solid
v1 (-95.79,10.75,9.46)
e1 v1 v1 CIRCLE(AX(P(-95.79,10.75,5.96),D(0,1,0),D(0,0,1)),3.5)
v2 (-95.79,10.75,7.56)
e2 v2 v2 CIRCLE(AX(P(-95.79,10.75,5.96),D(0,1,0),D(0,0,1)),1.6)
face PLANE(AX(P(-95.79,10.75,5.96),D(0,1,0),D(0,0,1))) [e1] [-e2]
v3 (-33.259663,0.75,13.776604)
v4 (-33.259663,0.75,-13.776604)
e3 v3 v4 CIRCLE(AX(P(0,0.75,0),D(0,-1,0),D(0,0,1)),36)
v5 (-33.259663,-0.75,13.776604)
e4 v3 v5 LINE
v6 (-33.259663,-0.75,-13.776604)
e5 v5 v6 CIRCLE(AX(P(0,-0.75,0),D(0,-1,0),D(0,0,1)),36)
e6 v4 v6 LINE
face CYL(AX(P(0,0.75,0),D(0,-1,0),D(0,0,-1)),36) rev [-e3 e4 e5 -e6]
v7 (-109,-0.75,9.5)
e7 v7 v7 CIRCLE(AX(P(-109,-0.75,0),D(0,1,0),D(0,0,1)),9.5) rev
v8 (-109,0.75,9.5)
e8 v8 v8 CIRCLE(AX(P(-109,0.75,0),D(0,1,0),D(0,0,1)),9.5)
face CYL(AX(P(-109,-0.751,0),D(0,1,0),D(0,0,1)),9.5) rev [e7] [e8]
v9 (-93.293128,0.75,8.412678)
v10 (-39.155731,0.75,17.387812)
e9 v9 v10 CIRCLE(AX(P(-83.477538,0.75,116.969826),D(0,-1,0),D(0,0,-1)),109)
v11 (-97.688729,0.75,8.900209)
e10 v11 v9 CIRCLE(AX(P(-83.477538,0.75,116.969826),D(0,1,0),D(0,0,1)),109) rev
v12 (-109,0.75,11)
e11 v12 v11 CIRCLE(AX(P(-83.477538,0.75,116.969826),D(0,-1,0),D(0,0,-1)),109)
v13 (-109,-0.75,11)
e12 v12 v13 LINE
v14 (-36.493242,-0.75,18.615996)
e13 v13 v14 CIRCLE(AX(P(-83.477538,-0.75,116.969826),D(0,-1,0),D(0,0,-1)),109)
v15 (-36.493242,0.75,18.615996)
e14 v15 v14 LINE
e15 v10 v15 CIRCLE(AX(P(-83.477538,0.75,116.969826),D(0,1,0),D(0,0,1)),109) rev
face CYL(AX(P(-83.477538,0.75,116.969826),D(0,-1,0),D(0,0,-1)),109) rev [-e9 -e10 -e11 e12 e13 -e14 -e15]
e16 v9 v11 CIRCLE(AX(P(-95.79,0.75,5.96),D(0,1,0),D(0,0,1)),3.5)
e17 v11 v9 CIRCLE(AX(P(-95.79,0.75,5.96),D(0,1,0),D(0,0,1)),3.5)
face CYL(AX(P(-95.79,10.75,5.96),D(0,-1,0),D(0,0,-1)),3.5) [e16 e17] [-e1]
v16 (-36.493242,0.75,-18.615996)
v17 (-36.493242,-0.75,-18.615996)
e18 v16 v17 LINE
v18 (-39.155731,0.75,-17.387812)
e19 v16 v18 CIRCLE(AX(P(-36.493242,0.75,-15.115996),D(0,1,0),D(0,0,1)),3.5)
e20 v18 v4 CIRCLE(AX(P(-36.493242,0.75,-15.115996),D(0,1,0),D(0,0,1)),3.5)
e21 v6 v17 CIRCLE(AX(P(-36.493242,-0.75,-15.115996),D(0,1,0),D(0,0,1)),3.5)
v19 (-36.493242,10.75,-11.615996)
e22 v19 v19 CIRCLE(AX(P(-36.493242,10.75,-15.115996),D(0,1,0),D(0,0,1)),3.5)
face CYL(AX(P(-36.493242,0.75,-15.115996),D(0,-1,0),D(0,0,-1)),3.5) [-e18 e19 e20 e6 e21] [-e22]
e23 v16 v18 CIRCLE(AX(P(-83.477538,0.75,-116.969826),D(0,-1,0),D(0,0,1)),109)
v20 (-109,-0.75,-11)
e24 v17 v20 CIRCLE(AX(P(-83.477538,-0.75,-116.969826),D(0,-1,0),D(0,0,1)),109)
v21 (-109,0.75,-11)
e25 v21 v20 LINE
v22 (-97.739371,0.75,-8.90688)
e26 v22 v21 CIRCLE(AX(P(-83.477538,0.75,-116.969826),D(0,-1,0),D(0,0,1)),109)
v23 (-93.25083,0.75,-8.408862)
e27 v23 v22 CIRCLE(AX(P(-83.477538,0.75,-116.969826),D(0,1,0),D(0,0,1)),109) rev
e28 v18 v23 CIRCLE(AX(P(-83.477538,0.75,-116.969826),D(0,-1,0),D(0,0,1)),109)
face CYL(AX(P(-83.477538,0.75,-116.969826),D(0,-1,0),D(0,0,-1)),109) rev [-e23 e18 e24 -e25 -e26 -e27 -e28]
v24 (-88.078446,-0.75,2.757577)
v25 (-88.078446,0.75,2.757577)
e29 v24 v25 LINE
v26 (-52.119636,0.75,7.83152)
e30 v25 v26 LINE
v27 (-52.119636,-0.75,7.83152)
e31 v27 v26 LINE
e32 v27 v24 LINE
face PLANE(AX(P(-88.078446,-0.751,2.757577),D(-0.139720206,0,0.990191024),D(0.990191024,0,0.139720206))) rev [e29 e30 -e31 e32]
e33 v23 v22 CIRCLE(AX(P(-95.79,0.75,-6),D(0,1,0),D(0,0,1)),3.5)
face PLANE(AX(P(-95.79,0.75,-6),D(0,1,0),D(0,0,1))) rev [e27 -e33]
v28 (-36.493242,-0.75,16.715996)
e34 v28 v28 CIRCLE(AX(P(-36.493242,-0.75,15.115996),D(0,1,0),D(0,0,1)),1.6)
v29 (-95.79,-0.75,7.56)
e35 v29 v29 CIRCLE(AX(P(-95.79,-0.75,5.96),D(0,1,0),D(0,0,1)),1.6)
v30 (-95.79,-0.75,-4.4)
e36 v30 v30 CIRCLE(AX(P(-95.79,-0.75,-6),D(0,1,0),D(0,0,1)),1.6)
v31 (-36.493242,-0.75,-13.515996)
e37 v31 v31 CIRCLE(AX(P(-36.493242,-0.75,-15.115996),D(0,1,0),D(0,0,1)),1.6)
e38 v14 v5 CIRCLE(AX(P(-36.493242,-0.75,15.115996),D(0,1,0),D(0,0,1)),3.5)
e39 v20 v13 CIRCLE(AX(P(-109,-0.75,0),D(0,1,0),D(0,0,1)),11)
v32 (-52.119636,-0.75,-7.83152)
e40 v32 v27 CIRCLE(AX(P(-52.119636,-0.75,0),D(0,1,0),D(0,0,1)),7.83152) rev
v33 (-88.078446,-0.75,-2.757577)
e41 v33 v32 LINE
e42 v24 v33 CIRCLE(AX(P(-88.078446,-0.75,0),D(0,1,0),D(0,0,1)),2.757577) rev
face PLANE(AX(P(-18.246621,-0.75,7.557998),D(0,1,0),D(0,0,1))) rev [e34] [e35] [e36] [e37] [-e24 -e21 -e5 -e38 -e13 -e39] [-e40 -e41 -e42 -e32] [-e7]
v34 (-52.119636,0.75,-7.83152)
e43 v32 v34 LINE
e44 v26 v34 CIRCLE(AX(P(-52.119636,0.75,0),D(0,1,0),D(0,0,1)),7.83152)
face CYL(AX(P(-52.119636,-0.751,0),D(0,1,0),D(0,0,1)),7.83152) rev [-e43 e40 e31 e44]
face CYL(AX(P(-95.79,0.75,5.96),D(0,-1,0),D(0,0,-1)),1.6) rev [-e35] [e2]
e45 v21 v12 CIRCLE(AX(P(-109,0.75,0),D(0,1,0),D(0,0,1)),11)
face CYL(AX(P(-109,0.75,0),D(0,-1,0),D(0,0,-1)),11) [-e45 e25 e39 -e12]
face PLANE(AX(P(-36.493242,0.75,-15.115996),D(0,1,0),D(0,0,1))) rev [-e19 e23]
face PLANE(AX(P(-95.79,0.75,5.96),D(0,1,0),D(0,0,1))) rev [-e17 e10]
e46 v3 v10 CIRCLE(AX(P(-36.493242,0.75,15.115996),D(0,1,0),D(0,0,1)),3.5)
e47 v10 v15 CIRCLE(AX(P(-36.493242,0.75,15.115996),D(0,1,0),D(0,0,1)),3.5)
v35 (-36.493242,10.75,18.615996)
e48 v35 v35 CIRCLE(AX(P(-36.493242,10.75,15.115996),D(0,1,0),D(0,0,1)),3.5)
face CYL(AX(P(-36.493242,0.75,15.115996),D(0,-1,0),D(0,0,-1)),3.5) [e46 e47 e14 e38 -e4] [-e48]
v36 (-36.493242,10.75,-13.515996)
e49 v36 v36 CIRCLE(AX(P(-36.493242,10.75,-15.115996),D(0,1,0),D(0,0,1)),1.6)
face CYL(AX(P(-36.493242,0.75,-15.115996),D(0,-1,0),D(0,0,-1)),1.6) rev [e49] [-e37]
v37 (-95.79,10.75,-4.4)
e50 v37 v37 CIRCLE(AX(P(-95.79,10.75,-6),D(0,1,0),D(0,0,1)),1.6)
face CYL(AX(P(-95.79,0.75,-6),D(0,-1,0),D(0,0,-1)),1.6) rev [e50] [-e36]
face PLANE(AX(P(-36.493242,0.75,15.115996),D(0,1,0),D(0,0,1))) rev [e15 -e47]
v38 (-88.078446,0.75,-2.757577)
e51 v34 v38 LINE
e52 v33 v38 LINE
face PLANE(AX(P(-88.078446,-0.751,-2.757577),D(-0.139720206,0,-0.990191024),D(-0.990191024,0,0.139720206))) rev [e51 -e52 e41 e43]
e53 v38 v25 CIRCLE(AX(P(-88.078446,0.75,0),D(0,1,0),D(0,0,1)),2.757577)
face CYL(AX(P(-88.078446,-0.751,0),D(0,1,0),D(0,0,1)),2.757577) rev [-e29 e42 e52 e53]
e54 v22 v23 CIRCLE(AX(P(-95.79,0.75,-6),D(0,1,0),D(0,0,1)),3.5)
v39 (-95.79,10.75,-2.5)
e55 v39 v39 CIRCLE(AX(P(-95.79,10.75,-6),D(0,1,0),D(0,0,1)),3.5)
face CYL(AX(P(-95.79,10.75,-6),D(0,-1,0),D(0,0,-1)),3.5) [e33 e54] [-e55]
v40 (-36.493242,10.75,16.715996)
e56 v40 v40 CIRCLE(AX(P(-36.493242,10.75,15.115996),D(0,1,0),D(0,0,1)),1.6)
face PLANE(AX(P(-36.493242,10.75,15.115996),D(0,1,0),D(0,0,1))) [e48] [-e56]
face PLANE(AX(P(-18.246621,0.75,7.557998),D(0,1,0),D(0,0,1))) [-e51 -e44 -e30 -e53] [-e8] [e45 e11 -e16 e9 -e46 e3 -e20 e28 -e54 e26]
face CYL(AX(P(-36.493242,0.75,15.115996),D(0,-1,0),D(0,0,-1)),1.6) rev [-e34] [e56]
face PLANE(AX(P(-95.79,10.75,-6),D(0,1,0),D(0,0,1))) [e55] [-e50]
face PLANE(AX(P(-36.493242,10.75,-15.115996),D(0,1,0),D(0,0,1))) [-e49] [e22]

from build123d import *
from build123d.topology import SkipClean

# Parameters (mm, degrees)
ESBO_O1_R                = 1.6
RESSALTO_EXTRUS_O1_DEPTH = 0.75
CORTE_EXTRUS_O1_REACH    = 123.445
ESBO_O2_R                = 9.5
ESBO_O3_R                = 3.5
ESBO_O3_R_2              = 1.6
RESSALTO_EXTRUS_O2_DEPTH = 10


with BuildPart() as part:
    # Esboço1 → Ressalto-extrusão1 (new, symmetric)
    with BuildSketch(Plane(origin=(0, 0, 0), x_dir=(1, 0, 0), z_dir=(0, 1, 0))):
        with BuildLine():
            ThreePointArc((-33.25966317, 13.776603565), (-36, 0), (-33.25966317, -13.776603565))
            ThreePointArc((-33.25966317, -13.776603565), (-33.583097891, -17.060491394), (-36.493241534, -18.615995578))
            ThreePointArc((-36.493241534, -18.615995578), (-72.090991916, -8.566197582), (-109, -11))
            ThreePointArc((-109, -11), (-120, 0), (-109, 11))
            ThreePointArc((-109, 11), (-72.090991916, 8.566197582), (-36.493241534, 18.615995578))
            ThreePointArc((-36.493241534, 18.615995578), (-33.583097891, 17.060491394), (-33.25966317, 13.776603565))
        make_face()
        with Locations(Location((-36.493241534, 15.115995578, 0), (0, 0, 270))):
            Circle(ESBO_O1_R, mode=Mode.SUBTRACT)
        with Locations(Location((-36.493241534, -15.115995578, 0), (0, 0, 270))):
            Circle(ESBO_O1_R, mode=Mode.SUBTRACT)
        with Locations(Location((-95.79, 6, 0), (0, 0, 270))):
            Circle(ESBO_O1_R, mode=Mode.SUBTRACT)
        with Locations(Location((-95.79, -5.96, 0), (0, 0, 270))):
            Circle(ESBO_O1_R, mode=Mode.SUBTRACT)
    extrude(amount=RESSALTO_EXTRUS_O1_DEPTH, both=True)

    # Esboço2 → Corte-extrusão1 (cut, up to next)
    with BuildSketch(Plane(origin=(0, 0.75, 0), x_dir=(1, 0, 0), z_dir=(0, 1, 0)), mode=Mode.PRIVATE) as corte_extrus_o1_sk1:
        with Locations(Location((-109, 0, 0), (0, 0, 270))):
            Circle(ESBO_O2_R)
    corte_extrus_o1_tool1 = extrude(corte_extrus_o1_sk1.sketch, amount=-CORTE_EXTRUS_O1_REACH, mode=Mode.PRIVATE) & part.part
    # Esboço2 → Corte-extrusão1 (cut, up to next)
    with BuildSketch(Plane(origin=(0, 0.75, 0), x_dir=(1, 0, 0), z_dir=(0, 1, 0)), mode=Mode.PRIVATE) as corte_extrus_o1_sk2:
        with BuildLine():
            Line((-88.078445949, 2.757577424), (-52.119636338, 7.831519885))
            ThreePointArc((-52.119636338, 7.831519885), (-44.288116453, 0), (-52.119636338, -7.831519885))
            Line((-52.119636338, -7.831519885), (-88.078445949, -2.757577424))
            ThreePointArc((-88.078445949, -2.757577424), (-90.836023373, 0), (-88.078445949, 2.757577424))
        make_face()
    corte_extrus_o1_tool2 = extrude(corte_extrus_o1_sk2.sketch, amount=-CORTE_EXTRUS_O1_REACH, mode=Mode.PRIVATE) & part.part
    add(corte_extrus_o1_tool1.solids().sort_by_distance((-109, 0.75, 0))[0], mode=Mode.SUBTRACT)
    add(corte_extrus_o1_tool2.solids().sort_by_distance((-64.134293, 0.75, 0))[0], mode=Mode.SUBTRACT)

    # Esboço3 → Ressalto-extrusão2 (add)
    # profile 1 of 4: a face of its own
    with SkipClean():  # the faces are left unmerged after this step: merging them gives an invalid solid
        with BuildSketch(Plane(origin=(0, 0.75, 0), x_dir=(1, 0, 0), z_dir=(0, 1, 0))):
            with Locations(Location((-36.493241534, 15.115995578, 0), (0, 0, 90))):
                Circle(ESBO_O3_R)
            with Locations(Location((-36.493241534, 15.115995578, 0), (0, 0, 270))):
                Circle(ESBO_O3_R_2, mode=Mode.SUBTRACT)
        # profile 2 of 4: a face of its own
        with BuildSketch(Plane(origin=(0, 0.75, 0), x_dir=(1, 0, 0), z_dir=(0, 1, 0))):
            with Locations(Location((-36.493241534, -15.115995578, 0), (0, 0, 270))):
                Circle(ESBO_O3_R)
            with Locations(Location((-36.493241534, -15.115995578, 0), (0, 0, 270))):
                Circle(ESBO_O3_R_2, mode=Mode.SUBTRACT)
        # profile 3 of 4: a face of its own
        with BuildSketch(Plane(origin=(0, 0.75, 0), x_dir=(1, 0, 0), z_dir=(0, 1, 0))):
            with Locations(Location((-95.79, -5.96, 0), (0, 0, 315.511564989))):
                Circle(ESBO_O3_R)
            with Locations(Location((-95.79, -5.96, 0), (0, 0, 270))):
                Circle(ESBO_O3_R_2, mode=Mode.SUBTRACT)
        # profile 4 of 4: a face of its own
        with BuildSketch(Plane(origin=(0, 0.75, 0), x_dir=(1, 0, 0), z_dir=(0, 1, 0))):
            with Locations(Location((-95.79, 6, 0), (0, 0, 123.846033528))):
                Circle(ESBO_O3_R)
            with Locations(Location((-95.79, 6, 0), (0, 0, 270))):
                Circle(ESBO_O3_R_2, mode=Mode.SUBTRACT)
        extrude(amount=RESSALTO_EXTRUS_O2_DEPTH)


solid = part.part
